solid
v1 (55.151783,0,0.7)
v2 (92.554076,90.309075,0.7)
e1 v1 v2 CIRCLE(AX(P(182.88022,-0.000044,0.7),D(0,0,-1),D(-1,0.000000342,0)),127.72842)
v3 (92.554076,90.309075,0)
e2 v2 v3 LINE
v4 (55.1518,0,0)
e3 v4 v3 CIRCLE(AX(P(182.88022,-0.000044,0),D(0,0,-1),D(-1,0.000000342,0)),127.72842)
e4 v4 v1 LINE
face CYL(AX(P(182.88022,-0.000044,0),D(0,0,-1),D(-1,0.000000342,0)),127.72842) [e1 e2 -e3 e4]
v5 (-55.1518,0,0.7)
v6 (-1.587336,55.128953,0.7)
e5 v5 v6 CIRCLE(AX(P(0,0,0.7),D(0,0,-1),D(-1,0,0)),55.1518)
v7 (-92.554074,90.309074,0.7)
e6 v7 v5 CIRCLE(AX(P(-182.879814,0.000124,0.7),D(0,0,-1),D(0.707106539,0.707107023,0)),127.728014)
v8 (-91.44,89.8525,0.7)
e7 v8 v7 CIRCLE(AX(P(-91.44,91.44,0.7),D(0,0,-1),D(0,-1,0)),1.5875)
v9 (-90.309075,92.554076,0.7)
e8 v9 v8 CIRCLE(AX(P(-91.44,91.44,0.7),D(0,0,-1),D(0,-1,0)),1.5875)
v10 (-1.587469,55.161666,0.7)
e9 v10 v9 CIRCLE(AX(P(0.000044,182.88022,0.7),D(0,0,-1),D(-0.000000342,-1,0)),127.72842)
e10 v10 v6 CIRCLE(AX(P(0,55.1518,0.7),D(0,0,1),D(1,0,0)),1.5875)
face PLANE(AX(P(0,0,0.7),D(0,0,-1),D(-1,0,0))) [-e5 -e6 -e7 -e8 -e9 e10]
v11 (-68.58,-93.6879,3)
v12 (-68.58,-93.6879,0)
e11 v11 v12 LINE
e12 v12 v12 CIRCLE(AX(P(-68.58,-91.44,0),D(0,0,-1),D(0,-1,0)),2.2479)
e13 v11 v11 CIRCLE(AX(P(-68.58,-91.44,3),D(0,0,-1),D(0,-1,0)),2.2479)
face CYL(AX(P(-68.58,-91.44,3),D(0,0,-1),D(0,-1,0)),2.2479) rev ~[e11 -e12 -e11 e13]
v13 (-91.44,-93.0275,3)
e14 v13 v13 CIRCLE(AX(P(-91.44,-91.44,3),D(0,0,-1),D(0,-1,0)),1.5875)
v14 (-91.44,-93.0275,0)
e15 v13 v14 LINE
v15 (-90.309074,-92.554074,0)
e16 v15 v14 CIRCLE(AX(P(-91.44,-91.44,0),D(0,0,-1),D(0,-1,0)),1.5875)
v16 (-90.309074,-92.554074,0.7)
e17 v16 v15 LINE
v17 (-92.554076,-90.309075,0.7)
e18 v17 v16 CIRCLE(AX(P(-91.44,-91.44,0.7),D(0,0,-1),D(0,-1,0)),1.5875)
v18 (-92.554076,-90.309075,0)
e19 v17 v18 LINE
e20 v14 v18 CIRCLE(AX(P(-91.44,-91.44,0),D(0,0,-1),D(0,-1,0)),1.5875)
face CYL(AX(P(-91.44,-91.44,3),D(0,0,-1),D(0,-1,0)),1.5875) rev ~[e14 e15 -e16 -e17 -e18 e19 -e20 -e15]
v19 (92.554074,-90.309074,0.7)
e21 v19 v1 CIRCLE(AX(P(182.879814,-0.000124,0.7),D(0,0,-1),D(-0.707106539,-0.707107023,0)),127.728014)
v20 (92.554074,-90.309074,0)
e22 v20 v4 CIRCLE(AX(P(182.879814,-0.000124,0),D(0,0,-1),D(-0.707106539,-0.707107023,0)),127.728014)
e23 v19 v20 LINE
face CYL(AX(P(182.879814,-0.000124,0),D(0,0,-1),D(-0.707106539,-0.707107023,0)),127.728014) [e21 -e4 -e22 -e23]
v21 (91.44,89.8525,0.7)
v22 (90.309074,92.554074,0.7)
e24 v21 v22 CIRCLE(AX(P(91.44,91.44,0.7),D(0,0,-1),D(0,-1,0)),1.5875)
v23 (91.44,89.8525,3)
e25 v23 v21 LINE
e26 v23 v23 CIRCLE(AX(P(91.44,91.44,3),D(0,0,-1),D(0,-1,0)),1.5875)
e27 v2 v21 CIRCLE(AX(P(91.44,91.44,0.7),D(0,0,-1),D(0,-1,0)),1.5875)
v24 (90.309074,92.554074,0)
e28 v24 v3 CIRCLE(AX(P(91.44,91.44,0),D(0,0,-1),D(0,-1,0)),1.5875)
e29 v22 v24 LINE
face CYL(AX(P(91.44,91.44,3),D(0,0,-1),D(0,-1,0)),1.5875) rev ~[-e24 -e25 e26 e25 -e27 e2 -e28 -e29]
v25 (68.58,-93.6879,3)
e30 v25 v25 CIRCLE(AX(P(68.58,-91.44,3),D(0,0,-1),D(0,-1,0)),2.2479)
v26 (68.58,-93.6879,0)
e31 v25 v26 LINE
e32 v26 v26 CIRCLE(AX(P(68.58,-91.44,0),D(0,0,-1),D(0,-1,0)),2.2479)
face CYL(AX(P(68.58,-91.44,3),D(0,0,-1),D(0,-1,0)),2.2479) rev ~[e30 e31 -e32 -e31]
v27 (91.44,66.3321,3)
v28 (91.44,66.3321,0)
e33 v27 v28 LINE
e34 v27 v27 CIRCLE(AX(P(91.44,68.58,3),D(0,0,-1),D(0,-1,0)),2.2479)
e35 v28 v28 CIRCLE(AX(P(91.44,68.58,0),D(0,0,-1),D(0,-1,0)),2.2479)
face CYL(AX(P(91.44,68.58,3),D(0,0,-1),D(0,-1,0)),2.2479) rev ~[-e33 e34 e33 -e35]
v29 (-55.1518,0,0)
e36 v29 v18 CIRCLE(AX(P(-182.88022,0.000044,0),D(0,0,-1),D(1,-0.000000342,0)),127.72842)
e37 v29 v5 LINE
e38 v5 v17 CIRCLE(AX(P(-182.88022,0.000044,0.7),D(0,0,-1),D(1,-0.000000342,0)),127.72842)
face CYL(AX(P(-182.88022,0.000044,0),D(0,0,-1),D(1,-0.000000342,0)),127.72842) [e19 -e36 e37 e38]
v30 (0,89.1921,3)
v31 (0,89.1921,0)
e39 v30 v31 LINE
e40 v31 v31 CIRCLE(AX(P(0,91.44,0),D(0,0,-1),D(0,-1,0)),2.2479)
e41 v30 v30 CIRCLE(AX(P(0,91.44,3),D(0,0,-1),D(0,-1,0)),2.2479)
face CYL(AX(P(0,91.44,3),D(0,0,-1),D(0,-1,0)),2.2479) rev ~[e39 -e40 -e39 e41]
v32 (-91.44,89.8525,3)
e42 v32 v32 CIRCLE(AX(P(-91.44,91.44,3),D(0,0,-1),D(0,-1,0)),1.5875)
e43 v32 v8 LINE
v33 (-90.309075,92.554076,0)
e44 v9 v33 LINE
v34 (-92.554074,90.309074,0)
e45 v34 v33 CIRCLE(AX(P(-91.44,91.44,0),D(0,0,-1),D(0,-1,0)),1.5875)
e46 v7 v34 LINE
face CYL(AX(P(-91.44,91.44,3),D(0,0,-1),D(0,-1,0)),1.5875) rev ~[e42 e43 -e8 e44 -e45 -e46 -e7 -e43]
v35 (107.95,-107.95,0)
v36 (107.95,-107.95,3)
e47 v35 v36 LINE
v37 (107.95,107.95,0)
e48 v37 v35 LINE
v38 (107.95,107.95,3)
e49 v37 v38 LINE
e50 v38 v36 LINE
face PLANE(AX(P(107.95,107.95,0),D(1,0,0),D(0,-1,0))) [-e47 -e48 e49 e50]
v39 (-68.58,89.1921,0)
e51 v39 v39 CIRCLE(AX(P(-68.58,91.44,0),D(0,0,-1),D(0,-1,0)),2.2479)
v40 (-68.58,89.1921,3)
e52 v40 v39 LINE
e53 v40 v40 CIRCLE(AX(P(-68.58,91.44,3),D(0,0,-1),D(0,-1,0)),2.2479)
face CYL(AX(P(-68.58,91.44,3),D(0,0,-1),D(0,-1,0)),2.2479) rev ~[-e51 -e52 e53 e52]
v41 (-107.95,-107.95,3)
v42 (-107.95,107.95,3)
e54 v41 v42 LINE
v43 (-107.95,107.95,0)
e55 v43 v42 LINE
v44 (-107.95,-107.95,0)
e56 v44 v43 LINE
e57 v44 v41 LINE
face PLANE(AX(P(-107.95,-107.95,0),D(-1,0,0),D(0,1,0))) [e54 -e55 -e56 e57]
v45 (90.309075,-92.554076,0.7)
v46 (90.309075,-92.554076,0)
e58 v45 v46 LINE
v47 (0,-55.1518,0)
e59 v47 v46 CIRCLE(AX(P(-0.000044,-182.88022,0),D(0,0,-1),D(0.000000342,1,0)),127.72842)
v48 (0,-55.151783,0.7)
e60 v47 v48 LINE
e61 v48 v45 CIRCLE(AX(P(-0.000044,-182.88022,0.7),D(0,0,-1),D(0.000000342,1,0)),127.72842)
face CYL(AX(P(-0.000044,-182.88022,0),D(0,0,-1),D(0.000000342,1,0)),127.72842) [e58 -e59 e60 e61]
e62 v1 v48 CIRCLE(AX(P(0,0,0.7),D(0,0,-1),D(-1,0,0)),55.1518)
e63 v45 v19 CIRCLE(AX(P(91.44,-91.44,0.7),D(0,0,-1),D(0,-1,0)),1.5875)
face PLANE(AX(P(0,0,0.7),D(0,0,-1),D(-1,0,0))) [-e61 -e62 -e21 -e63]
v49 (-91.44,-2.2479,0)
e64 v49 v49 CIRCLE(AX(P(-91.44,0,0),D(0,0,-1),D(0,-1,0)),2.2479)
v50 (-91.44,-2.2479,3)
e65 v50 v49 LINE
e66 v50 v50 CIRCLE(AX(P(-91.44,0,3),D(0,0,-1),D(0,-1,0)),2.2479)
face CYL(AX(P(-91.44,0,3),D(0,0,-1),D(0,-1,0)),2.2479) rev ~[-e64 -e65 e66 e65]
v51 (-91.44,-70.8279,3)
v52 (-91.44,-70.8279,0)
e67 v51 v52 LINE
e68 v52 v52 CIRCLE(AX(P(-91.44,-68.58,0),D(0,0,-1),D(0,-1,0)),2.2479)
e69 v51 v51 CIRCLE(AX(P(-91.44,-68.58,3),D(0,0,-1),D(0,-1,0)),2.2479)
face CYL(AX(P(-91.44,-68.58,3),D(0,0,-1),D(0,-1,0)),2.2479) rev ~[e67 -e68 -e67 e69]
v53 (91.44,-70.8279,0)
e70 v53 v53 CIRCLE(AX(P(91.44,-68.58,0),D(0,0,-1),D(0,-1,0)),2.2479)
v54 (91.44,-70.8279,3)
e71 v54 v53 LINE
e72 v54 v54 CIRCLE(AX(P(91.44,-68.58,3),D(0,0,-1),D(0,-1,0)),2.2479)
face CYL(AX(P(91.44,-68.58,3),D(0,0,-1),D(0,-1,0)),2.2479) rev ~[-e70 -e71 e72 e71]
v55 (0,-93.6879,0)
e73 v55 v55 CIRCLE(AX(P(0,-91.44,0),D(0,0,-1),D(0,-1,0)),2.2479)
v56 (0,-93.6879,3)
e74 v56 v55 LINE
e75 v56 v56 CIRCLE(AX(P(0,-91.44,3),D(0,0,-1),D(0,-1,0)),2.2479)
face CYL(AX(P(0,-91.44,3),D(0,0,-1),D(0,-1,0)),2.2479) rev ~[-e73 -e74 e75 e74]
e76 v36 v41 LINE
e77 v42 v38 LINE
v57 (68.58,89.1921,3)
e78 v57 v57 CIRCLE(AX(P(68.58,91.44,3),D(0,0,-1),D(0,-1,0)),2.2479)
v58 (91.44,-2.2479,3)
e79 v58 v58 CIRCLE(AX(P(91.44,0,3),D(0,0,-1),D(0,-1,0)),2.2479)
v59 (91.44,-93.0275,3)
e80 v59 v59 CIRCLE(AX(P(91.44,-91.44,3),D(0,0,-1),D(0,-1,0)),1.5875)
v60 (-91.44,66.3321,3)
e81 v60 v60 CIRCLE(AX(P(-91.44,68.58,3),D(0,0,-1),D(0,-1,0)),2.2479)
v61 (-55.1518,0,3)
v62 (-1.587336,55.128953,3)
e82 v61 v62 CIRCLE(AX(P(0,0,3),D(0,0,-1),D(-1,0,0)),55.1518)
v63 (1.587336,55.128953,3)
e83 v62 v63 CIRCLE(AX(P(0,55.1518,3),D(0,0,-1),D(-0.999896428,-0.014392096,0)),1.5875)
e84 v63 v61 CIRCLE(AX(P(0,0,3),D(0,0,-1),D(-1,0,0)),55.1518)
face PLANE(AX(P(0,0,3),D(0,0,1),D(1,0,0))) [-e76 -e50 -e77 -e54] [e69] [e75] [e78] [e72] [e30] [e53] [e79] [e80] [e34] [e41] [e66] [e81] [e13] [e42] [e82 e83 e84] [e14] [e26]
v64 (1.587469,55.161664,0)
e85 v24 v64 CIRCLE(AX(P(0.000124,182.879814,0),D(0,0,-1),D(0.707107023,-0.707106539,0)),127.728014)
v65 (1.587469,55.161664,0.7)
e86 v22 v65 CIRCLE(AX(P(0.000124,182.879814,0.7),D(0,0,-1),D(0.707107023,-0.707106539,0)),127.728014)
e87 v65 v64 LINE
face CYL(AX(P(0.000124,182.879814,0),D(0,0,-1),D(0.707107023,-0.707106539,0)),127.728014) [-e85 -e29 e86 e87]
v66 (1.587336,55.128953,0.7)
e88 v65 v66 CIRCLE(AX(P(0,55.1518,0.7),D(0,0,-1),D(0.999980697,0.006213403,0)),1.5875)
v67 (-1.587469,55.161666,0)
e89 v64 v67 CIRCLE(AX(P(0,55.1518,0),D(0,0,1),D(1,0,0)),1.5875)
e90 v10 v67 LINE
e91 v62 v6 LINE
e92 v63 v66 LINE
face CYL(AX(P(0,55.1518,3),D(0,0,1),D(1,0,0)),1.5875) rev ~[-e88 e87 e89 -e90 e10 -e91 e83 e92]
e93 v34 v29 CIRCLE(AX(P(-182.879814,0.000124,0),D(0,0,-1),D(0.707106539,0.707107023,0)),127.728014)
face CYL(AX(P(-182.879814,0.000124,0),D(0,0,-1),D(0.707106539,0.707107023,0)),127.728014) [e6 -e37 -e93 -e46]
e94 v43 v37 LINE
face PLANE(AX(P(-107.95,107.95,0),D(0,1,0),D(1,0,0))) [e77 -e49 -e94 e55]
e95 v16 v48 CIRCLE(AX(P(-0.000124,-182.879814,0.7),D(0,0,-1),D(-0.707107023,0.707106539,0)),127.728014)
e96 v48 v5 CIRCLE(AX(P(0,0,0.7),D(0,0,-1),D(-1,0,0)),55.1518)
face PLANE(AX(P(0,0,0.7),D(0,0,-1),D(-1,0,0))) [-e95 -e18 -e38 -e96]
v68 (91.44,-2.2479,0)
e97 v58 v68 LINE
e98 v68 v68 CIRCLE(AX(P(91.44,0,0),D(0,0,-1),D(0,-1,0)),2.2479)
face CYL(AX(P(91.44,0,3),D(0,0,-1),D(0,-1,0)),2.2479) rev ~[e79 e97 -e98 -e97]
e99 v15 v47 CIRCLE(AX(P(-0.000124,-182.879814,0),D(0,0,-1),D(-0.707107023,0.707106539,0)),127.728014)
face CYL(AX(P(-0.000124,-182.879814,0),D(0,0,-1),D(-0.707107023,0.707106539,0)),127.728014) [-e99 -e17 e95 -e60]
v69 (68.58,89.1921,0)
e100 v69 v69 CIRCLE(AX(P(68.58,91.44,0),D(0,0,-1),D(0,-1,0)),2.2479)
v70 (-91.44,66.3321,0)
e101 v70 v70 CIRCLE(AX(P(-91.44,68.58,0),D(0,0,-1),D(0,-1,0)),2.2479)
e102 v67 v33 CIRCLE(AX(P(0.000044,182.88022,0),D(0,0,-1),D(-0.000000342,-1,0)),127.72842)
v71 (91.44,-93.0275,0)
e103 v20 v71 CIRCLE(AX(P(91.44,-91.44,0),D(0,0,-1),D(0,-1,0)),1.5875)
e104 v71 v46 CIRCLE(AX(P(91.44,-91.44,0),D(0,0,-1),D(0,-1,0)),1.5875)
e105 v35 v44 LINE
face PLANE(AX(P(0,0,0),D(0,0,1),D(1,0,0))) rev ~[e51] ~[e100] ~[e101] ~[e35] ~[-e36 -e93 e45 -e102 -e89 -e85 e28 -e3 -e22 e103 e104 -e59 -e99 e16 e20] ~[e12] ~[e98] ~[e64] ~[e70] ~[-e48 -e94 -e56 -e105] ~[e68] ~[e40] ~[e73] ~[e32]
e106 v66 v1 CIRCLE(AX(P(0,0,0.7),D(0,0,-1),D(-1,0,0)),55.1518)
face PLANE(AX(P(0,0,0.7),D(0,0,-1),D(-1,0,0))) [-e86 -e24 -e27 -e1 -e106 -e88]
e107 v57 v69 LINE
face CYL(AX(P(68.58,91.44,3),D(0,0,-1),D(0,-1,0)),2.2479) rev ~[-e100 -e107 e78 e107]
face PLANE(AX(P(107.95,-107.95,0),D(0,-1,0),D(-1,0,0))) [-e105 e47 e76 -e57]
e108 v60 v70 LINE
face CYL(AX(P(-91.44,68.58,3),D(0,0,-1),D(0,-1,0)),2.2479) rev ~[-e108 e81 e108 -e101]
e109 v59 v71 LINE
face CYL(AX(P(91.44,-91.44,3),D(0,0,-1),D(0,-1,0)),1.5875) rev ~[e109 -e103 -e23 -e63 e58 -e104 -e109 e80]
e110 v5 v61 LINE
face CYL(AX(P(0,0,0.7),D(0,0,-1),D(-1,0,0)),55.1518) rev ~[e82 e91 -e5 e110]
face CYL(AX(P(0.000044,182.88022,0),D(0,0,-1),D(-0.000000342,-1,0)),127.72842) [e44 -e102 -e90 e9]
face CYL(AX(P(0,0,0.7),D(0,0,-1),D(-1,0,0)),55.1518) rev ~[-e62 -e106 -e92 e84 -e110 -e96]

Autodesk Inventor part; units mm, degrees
ref_plane "YZ Plane" through (0, 0, 0) normal (1, 0, 0) x (0, 1, 0)
ref_plane "XZ Plane" through (0, 0, 0) normal (0, 1, 0) x (-1, 0, 0)
ref_plane "XY Plane" through (0, 0, 0) normal (0, 0, 1) x (1, 0, 0)
sketch "Sketch1" plane through (0, 0, 0) normal (0, 0, 1) x (1, 0, 0)
  line L0 (-107.95, 107.95) -> (107.95, 107.95)
  line L1 (107.95, 107.95) -> (107.95, -107.95)
  line L2 (107.95, -107.95) -> (-107.95, -107.95)
  line L3 (-107.95, -107.95) -> (-107.95, 107.95)
  line L4 (-107.95, -107.95) -> (107.95, 107.95) construction
  point P0 (0, 0)
  point P1 (0, 0)
  dimension "d0" = 215.9
  dimension "d1" = 215.9
extrude "Extrusion1" add sketch "Sketch1" along normal blind 3
sketch "Sketch3" plane through (0, 0, 0) normal (0, 0, -1) x (-1, 0, 0)
  line L0 (256.032, 0) -> (-256.032, 0) construction
  line L1 (0, -256.032) -> (0, 256.032) construction
  line L2 (-101.6, 101.6) -> (101.6, 101.6) construction
  line L3 (-101.6, -101.6) -> (101.6, -101.6) construction
  line L4 (101.6, 101.6) -> (-101.6, -101.6) construction
  line L5 (101.6, -101.6) -> (-101.6, 101.6) construction
  arc A0 (-90.3175, 92.5625) -> (-92.5625, 92.5625) centre (-91.44, 91.44) ccw
  arc A1 (-90.3175, 92.5625) -> (0, 55.1518) centre (0, 182.88) ccw
  line L6 (-91.44, 91.44) -> (0, 182.88) construction
  arc A2 (-92.5625, 92.5625) -> (-92.5625, 90.3175) centre (-91.44, 91.44) ccw
  arc A3 (-55.1518, 0) -> (-92.5625, 90.3175) centre (-182.88, 0) ccw
  arc A4 (92.5625, 92.5625) -> (90.3175, 92.5625) centre (91.44, 91.44) ccw
  arc A5 (0, 55.1518) -> (90.3175, 92.5625) centre (0, 182.88) ccw
  arc A6 (92.5625, 90.3175) -> (55.1518, 0) centre (182.88, 0) ccw
  arc A7 (92.5625, 90.3175) -> (92.5625, 92.5625) centre (91.44, 91.44) ccw
  arc A8 (-92.5625, -92.5625) -> (-90.3175, -92.5625) centre (-91.44, -91.44) ccw
  arc A9 (0, -55.1518) -> (-90.3175, -92.5625) centre (0, -182.88) ccw
  arc A10 (-92.5625, -90.3175) -> (-55.1518, 0) centre (-182.88, 0) ccw
  arc A11 (-92.5625, -90.3175) -> (-92.5625, -92.5625) centre (-91.44, -91.44) ccw
  arc A12 (55.1518, 0) -> (92.5625, -90.3175) centre (182.88, 0) ccw
  arc A13 (90.3175, -92.5625) -> (0, -55.1518) centre (0, -182.88) ccw
  arc A14 (90.3175, -92.5625) -> (92.5625, -92.5625) centre (91.44, -91.44) ccw
  arc A15 (92.5625, -92.5625) -> (92.5625, -90.3175) centre (91.44, -91.44) ccw
  point P0 (0, 0)
  dimension "d168" = 3.175
  dimension "d169" = 91.44
extrude "Extrusion5" cut sketch "Sketch3" against normal blind 0.7
sketch "Sketch6" plane through (0, 0, 0.7) normal (0, 0, -1) x (-1, 0, 0)
  circle A0 centre (0, 0) radius 55.1518
  arc A1 (-90.3175, 92.5625) -> (-92.5625, 90.3175) centre (-91.44, 91.44) ccw
  arc A2 (-92.5625, -90.3175) -> (-92.5625, 90.3175) centre (-182.88, 0) ccw
  arc A3 (-92.5625, -90.3175) -> (-90.3175, -92.5625) centre (-91.44, -91.44) ccw
  arc A4 (90.3175, -92.5625) -> (-90.3175, -92.5625) centre (0, -182.88) ccw
  arc A5 (90.3175, -92.5625) -> (92.5625, -90.3175) centre (91.44, -91.44) ccw
  arc A6 (92.5625, 90.3175) -> (92.5625, -90.3175) centre (182.88, 0) ccw
  arc A7 (92.5625, 90.3175) -> (90.3175, 92.5625) centre (91.44, 91.44) ccw
  arc A8 (-90.3175, 92.5625) -> (90.3175, 92.5625) centre (0, 182.88) ccw
  arc A9 (-90.3175, 92.5625) -> (90.3175, 92.5625) centre (0, 182.88) ccw
  point P0 (0, 0)
extrude "Extrusion6" cut sketch "Sketch6" against normal up to next contours A0
sketch "Sketch11" plane through (0, 0, 3) normal (0, 0, 1) x (1, 0, 0)
  line L0 (-91.44, 91.44) -> (91.44, 91.44) construction
  line L1 (91.44, 91.44) -> (91.44, -91.44) construction
  line L2 (91.44, -91.44) -> (-91.44, -91.44) construction
  line L3 (-91.44, -91.44) -> (-91.44, 91.44) construction
  line L4 (-151.13, 0) -> (151.13, 0) construction
  line L5 (0, -151.13) -> (0, 151.13) construction
  point P0 (0, 0)
  dimension "d170" = 182.88
  dimension "d171" = 182.88
hole "Hole15" at (-91.44, 91.44, 3) at (91.44, 91.44, 3) at (91.44, -91.44, 3) at (-91.44, -91.44, 3) direction (0, 0, -1) diameter 3.175 end through all
sketch "Sketch13" plane through (0, 0, 3) normal (0, 0, 1) x (1, 0, 0)
  line L0 (-91.44, -91.44) -> (91.44, -91.44) construction
  line L1 (91.44, -91.44) -> (91.44, 91.44) construction
  line L2 (91.44, 91.44) -> (-91.44, 91.44) construction
  line L3 (-91.44, 91.44) -> (-91.44, -91.44) construction
  line L4 (-91.44, -91.44) -> (91.44, 91.44) construction
  line L5 (-151.13, 0) -> (151.13, 0) construction
  line L6 (0, -151.13) -> (0, 151.13) construction
  point P0 (0, 0)
  point P1 (0, 0)
  point P2 (-68.58, 91.44)
  point P3 (0, 91.44)
  point P4 (68.58, 91.44)
  point P5 (91.44, 68.58)
  point P6 (91.44, 0)
  point P7 (91.44, -68.58)
  point P8 (68.58, -91.44)
  point P9 (0, -91.44)
  point P10 (-68.58, -91.44)
  point P11 (-91.44, -68.58)
  point P12 (-91.44, 0)
  point P13 (-91.44, 68.58)
  dimension "d302" = 182.88
  dimension "d303" = 182.88
  dimension "d304" = 22.86
  dimension "d305" = 22.86
hole "Hole29" at (-68.58, 91.44, 3) at (0, 91.44, 3) at (68.58, 91.44, 3) at (91.44, 68.58, 3) at (91.44, 0, 3) at (91.44, -68.58, 3) at (68.58, -91.44, 3) at (0, -91.44, 3) at (-68.58, -91.44, 3) at (-91.44, -68.58, 3) at (-91.44, 0, 3) at (-91.44, 68.58, 3) direction (0, 0, -1) diameter 4.4958 end through all clearance for "Flat Head Machine Screw (82)" size "#8" standard "Ansi Unified Screw Threads"
sketch "Sketch14" plane through (0, 0, 3) normal (0, 0, 1) x (1, 0, 0)
  circle A0 centre (0, 0) radius 55.1518 projected
  line L0 (0, -151.13) -> (0, 151.13) construction
  circle A1 centre (0, 55.1518) radius 1.5875
  point P0 (0, 0)
  dimension "d313" = 3.175
extrude "Extrusion9" cut sketch "Sketch14" against normal through all contours A1 A0 | A0 A1 picked at (0.0632, 54.6247) picked at (0.0603, 55.6758)
equation "\"d1\" = d0"
properties part number "J002446_1" material "UHMW, WHITE"
